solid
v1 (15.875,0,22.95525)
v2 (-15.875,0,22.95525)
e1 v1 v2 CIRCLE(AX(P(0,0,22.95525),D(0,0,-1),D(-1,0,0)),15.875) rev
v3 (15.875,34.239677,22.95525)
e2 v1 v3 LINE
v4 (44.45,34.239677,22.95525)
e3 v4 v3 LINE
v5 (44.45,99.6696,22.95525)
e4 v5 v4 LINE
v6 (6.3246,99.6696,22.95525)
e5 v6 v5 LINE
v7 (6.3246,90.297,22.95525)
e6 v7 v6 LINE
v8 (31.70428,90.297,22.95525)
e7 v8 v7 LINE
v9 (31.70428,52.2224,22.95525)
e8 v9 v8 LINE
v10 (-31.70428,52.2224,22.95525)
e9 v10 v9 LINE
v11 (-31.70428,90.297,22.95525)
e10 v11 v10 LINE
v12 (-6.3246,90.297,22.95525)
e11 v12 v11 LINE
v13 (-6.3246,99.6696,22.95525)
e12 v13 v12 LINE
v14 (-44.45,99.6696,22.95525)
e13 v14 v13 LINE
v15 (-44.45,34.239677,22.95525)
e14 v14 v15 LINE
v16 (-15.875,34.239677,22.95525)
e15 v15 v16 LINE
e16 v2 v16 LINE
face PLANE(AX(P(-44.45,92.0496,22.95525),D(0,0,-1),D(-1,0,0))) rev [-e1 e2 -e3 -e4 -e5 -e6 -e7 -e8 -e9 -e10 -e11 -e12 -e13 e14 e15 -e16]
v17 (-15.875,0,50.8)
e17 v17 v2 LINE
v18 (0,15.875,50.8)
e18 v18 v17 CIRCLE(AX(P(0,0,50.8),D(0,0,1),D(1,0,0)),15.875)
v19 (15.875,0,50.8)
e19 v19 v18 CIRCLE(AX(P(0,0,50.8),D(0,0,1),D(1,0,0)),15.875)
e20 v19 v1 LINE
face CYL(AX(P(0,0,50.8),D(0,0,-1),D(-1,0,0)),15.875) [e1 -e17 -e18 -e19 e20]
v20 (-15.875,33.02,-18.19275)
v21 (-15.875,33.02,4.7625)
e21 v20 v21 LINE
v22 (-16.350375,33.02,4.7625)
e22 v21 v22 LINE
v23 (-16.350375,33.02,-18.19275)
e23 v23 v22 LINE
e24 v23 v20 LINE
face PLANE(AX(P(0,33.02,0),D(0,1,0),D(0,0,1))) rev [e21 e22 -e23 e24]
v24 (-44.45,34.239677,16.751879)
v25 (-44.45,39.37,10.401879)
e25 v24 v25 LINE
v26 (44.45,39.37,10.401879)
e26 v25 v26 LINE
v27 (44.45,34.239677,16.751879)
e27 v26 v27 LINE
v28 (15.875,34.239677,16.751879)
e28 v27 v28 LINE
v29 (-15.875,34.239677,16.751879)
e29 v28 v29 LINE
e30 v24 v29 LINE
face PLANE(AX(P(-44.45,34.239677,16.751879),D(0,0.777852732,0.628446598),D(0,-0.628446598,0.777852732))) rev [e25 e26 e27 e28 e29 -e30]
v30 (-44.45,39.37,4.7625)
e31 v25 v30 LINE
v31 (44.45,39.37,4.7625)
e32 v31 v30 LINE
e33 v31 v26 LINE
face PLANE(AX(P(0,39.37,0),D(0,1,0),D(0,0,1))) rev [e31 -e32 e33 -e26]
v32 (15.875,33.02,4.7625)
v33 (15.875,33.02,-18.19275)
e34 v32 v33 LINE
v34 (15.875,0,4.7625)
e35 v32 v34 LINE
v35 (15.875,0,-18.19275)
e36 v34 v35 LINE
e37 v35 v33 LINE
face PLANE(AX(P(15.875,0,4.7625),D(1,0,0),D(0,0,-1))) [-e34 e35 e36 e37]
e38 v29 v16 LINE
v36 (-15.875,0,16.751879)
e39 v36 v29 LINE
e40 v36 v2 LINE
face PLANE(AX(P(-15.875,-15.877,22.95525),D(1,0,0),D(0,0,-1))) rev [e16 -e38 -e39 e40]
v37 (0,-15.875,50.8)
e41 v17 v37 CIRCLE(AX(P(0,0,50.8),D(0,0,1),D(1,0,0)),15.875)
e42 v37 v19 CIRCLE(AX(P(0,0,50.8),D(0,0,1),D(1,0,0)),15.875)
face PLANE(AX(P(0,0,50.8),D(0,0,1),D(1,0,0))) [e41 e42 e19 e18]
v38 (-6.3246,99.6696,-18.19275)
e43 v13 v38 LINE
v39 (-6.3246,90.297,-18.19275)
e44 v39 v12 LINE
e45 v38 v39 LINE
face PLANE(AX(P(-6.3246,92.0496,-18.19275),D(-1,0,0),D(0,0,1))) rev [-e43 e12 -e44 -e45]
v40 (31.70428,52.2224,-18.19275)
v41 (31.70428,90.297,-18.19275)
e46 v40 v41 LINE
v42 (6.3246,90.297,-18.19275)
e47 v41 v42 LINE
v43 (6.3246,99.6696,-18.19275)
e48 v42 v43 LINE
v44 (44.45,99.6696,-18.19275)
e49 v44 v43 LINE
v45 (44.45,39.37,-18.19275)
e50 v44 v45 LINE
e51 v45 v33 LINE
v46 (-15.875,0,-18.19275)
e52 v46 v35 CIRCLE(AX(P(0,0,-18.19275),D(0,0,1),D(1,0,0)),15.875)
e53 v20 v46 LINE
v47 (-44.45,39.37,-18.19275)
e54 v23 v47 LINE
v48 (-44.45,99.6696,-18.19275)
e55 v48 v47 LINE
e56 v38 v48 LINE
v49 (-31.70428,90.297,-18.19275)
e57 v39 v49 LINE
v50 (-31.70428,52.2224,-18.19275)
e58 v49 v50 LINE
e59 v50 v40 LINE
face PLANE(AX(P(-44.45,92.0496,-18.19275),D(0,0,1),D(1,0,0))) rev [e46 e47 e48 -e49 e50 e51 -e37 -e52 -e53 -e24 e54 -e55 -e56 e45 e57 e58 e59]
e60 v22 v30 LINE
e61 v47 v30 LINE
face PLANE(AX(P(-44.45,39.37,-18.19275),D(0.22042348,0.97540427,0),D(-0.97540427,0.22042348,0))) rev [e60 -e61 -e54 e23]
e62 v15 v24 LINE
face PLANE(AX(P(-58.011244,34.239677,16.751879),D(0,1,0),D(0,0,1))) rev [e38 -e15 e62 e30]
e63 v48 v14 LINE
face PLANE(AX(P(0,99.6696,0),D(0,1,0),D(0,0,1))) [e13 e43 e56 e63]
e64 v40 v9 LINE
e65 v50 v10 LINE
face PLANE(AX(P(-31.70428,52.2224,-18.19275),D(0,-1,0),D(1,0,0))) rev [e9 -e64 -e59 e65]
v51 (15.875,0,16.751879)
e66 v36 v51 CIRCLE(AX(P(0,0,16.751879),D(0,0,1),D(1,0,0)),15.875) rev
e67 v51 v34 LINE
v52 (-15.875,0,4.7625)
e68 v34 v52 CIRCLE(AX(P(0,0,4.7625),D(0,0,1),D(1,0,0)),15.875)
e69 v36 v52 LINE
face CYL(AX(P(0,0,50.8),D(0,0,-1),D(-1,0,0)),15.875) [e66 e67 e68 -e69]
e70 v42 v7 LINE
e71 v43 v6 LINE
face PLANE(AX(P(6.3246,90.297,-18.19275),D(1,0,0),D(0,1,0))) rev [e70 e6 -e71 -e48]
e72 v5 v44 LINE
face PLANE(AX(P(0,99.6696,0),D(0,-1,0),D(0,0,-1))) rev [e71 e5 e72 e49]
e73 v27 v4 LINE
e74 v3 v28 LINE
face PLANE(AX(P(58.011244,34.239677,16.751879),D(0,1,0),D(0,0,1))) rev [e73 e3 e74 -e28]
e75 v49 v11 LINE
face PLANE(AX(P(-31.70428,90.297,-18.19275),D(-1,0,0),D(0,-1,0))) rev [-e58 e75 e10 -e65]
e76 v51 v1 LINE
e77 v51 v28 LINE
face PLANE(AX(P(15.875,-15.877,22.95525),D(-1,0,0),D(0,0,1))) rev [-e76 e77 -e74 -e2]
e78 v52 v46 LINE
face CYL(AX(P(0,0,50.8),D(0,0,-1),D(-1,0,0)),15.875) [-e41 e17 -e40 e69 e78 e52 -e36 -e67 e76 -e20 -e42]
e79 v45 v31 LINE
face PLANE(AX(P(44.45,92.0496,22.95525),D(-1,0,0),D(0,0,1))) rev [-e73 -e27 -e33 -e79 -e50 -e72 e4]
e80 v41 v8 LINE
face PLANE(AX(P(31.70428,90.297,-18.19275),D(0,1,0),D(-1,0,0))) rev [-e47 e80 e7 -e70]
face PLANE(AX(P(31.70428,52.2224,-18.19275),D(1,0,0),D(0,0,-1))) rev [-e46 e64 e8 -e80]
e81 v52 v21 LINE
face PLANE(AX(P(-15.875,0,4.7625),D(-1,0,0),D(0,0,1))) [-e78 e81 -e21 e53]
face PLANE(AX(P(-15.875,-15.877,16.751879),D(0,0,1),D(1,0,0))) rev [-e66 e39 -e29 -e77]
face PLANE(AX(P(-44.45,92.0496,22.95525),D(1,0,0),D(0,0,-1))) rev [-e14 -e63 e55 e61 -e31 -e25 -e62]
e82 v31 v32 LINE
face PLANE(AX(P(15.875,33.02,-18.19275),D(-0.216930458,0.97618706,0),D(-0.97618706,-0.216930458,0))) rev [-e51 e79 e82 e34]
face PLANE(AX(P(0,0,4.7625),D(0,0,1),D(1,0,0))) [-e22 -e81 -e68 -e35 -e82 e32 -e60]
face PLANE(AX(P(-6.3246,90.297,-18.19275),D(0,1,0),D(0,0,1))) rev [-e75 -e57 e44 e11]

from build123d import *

# Parameters (mm, degrees)
SKETCH1_R                = 15.875
BOSS_EXTRUDE1_DEPTH      = 50.8
SKETCH2_W                = 31.75
SKETCH2_H                = 50.8
BOSS_EXTRUDE2_DEPTH      = 4.7625
SKETCH3_W                = 88.9
SKETCH3_H                = 41.148
BOSS_EXTRUDE3_DEPTH      = 41.2496
CUT_EXTRUDE2_DEPTH       = 111.191148756
BOSS_EXTRUDE4_REACH      = 96.879
BOSS_EXTRUDE4_END_RADIUS = 15.875
SKETCH12_W               = 31.75
SKETCH12_H               = 6.203370687
SKETCH13_W               = 31.75
SKETCH13_H               = 4.7625
BOSS_EXTRUDE5_DEPTH      = 11.43
SKETCH14_W               = 38.1254
SKETCH14_H               = 41.148
BOSS_EXTRUDE6_DEPTH      = 7.62
SKETCH20_W               = 31.75
SKETCH20_H               = 5.130323172
BOSS_EXTRUDE7_DEPTH      = 6.35
CUT_EXTRUDE3_DEPTH       = 128.097501113
BOSS_EXTRUDE8_START      = 18.19275
BOSS_EXTRUDE8_DEPTH      = 18.19275
SKETCH25_W               = 28.575
SKETCH25_H               = 22.95525
BOSS_EXTRUDE10_DEPTH     = 6.35
CUT_EXTRUDE4_DEPTH       = 119.44527458
BOSS_EXTRUDE11_DEPTH     = 28.575
BOSS_EXTRUDE12_DEPTH     = 28.575


with BuildPart() as part:
    # Sketch1 → Boss-Extrude1 (new body)
    with BuildSketch(Plane.XY):
        Circle(SKETCH1_R)
    extrude(amount=BOSS_EXTRUDE1_DEPTH)

    # Sketch2 → Boss-Extrude2 (add)
    with BuildSketch(Plane(origin=(0, 0, 0), x_dir=(-1, 0, 0), z_dir=(0, 0, -1))):
        with Locations((0, 25.4)):
            Rectangle(SKETCH2_W, SKETCH2_H)
    extrude(amount=-BOSS_EXTRUDE2_DEPTH)

    # Sketch3 → Boss-Extrude3 (add)
    with BuildSketch(Plane(origin=(0, 50.8, 0), x_dir=(1, 0, 0), z_dir=(0, 1, 0))):
        with Locations((0, -2.38125)):
            Rectangle(SKETCH3_W, SKETCH3_H)
    extrude(amount=BOSS_EXTRUDE3_DEPTH)

    # Sketch5 → Cut-Extrude2 (cut, through all)
    with BuildSketch(Plane.XY.offset(22.95525)):
        Polygon((-6.3246, 92.0496), (-6.3246, 90.297), (-31.70428, 90.297), (-31.70428, 52.2224), (31.70428, 52.2224), (31.70428, 90.297), (6.3246, 90.297), (6.3246, 92.0496), align=None)
    extrude(amount=-CUT_EXTRUDE2_DEPTH, mode=Mode.SUBTRACT)

    # Boss-Extrude4: up to this cylinder (the profile starts outside it)
    boss_extrude4_end = Plane(origin=(0, 0, 19.853565), z_dir=(0, 0, -1)) * Cylinder(BOSS_EXTRUDE4_END_RADIUS, 226.508, mode=Mode.PRIVATE)
    # Sketch12 → Boss-Extrude4 (add, up to the surface)
    with BuildSketch(Plane.XZ.offset(-50.8), mode=Mode.PRIVATE) as boss_extrude4_sk1:
        with Locations((0, 19.853564657)):
            Rectangle(SKETCH12_W, SKETCH12_H)
    boss_extrude4_tool1 = extrude(boss_extrude4_sk1.sketch, amount=BOSS_EXTRUDE4_REACH, mode=Mode.PRIVATE) - boss_extrude4_end
    add(boss_extrude4_tool1.solids().sort_by_distance((0, 50.8, 19.853565))[0])

    # Sketch13 → Boss-Extrude5 (add)
    with BuildSketch(Plane.XZ.offset(-50.8)):
        Polygon((-44.45, 22.95525), (-15.875, 22.95525), (-15.875, 16.751879313), (15.875, 16.751879313), (15.875, 22.95525), (44.45, 22.95525), (44.45, -18.19275), (-44.45, -18.19275), align=None)
        with Locations((0, 2.38125)):
            Rectangle(SKETCH13_W, SKETCH13_H, mode=Mode.SUBTRACT)
    extrude(amount=BOSS_EXTRUDE5_DEPTH)

    # Sketch14 → Boss-Extrude6 (add)
    with BuildSketch(Plane(origin=(0, 92.0496, 0), x_dir=(1, 0, 0), z_dir=(0, 1, 0))):
        with Locations((-25.3873, -2.38125)):
            Rectangle(SKETCH14_W, SKETCH14_H)
        with Locations((25.3873, -2.38125)):
            Rectangle(SKETCH14_W, SKETCH14_H)
    extrude(amount=BOSS_EXTRUDE6_DEPTH)

    # Sketch20 → Boss-Extrude7 (add)
    with BuildSketch(Plane(origin=(0, 0, 16.751879313), x_dir=(-1, 0, 0), z_dir=(0, 0, -1))):
        with Locations((0, 36.804838414)):
            Rectangle(SKETCH20_W, SKETCH20_H)
    extrude(amount=BOSS_EXTRUDE7_DEPTH)

    # Sketch21 → Cut-Extrude3 (cut, through all)
    with BuildSketch(Plane(origin=(15.875, 0, 0), x_dir=(0, 0, -1), z_dir=(1, 0, 0))):
        Polygon((-16.751879313, 34.239676828), (-10.401879313, 39.37), (-10.401879313, 34.239676828), align=None)
    extrude(amount=-CUT_EXTRUDE3_DEPTH, mode=Mode.SUBTRACT)

    # Sketch22 → Boss-Extrude8 (add)
    with BuildSketch(Plane(origin=(0, 0, 0), x_dir=(-1, 0, 0), z_dir=(0, 0, -1)).offset(BOSS_EXTRUDE8_START)):
        with BuildLine():
            Line((-15.875, 39.37), (15.875, 39.37))
            Line((15.875, 39.37), (15.875, 0))
            ThreePointArc((15.875, 0), (0, -15.875), (-15.875, 0))
            Line((-15.875, 0), (-15.875, 39.37))
        make_face()
    extrude(amount=-BOSS_EXTRUDE8_DEPTH)

    # Sketch25 → Boss-Extrude10 (add)
    with BuildSketch(Plane.XZ.offset(-39.37)):
        with Locations((-30.1625, -6.715125)):
            Rectangle(SKETCH25_W, SKETCH25_H)
        with Locations((30.1625, -6.715125)):
            Rectangle(SKETCH25_W, SKETCH25_H)
    extrude(amount=BOSS_EXTRUDE10_DEPTH)

    # Sketch26 → Cut-Extrude4 (cut, through all)
    with BuildSketch(Plane.XY.offset(4.7625)):
        Polygon((-44.45, 39.37), (-16.350375035, 33.02), (-44.45, 33.02), align=None)
        Polygon((15.875, 33.02), (44.45, 39.37), (44.45, 33.02), align=None)
    extrude(amount=-CUT_EXTRUDE4_DEPTH, mode=Mode.SUBTRACT)

    # Sketch27 → Boss-Extrude11 (add)
    with BuildSketch(Plane.ZY.offset(15.875)):
        Polygon((16.751879313, 34.239676828), (22.95525, 34.239676828), (22.95525, 39.37), (10.401879313, 39.37), align=None)
    extrude(amount=BOSS_EXTRUDE11_DEPTH)

    # Sketch28 → Boss-Extrude12 (add)
    with BuildSketch(Plane(origin=(15.875, 0, 0), x_dir=(0, 0, -1), z_dir=(1, 0, 0))):
        Polygon((-16.751879313, 34.239676828), (-22.95525, 34.239676828), (-22.95525, 39.37), (-10.401879313, 39.37), align=None)
    extrude(amount=BOSS_EXTRUDE12_DEPTH)


solid = part.part
